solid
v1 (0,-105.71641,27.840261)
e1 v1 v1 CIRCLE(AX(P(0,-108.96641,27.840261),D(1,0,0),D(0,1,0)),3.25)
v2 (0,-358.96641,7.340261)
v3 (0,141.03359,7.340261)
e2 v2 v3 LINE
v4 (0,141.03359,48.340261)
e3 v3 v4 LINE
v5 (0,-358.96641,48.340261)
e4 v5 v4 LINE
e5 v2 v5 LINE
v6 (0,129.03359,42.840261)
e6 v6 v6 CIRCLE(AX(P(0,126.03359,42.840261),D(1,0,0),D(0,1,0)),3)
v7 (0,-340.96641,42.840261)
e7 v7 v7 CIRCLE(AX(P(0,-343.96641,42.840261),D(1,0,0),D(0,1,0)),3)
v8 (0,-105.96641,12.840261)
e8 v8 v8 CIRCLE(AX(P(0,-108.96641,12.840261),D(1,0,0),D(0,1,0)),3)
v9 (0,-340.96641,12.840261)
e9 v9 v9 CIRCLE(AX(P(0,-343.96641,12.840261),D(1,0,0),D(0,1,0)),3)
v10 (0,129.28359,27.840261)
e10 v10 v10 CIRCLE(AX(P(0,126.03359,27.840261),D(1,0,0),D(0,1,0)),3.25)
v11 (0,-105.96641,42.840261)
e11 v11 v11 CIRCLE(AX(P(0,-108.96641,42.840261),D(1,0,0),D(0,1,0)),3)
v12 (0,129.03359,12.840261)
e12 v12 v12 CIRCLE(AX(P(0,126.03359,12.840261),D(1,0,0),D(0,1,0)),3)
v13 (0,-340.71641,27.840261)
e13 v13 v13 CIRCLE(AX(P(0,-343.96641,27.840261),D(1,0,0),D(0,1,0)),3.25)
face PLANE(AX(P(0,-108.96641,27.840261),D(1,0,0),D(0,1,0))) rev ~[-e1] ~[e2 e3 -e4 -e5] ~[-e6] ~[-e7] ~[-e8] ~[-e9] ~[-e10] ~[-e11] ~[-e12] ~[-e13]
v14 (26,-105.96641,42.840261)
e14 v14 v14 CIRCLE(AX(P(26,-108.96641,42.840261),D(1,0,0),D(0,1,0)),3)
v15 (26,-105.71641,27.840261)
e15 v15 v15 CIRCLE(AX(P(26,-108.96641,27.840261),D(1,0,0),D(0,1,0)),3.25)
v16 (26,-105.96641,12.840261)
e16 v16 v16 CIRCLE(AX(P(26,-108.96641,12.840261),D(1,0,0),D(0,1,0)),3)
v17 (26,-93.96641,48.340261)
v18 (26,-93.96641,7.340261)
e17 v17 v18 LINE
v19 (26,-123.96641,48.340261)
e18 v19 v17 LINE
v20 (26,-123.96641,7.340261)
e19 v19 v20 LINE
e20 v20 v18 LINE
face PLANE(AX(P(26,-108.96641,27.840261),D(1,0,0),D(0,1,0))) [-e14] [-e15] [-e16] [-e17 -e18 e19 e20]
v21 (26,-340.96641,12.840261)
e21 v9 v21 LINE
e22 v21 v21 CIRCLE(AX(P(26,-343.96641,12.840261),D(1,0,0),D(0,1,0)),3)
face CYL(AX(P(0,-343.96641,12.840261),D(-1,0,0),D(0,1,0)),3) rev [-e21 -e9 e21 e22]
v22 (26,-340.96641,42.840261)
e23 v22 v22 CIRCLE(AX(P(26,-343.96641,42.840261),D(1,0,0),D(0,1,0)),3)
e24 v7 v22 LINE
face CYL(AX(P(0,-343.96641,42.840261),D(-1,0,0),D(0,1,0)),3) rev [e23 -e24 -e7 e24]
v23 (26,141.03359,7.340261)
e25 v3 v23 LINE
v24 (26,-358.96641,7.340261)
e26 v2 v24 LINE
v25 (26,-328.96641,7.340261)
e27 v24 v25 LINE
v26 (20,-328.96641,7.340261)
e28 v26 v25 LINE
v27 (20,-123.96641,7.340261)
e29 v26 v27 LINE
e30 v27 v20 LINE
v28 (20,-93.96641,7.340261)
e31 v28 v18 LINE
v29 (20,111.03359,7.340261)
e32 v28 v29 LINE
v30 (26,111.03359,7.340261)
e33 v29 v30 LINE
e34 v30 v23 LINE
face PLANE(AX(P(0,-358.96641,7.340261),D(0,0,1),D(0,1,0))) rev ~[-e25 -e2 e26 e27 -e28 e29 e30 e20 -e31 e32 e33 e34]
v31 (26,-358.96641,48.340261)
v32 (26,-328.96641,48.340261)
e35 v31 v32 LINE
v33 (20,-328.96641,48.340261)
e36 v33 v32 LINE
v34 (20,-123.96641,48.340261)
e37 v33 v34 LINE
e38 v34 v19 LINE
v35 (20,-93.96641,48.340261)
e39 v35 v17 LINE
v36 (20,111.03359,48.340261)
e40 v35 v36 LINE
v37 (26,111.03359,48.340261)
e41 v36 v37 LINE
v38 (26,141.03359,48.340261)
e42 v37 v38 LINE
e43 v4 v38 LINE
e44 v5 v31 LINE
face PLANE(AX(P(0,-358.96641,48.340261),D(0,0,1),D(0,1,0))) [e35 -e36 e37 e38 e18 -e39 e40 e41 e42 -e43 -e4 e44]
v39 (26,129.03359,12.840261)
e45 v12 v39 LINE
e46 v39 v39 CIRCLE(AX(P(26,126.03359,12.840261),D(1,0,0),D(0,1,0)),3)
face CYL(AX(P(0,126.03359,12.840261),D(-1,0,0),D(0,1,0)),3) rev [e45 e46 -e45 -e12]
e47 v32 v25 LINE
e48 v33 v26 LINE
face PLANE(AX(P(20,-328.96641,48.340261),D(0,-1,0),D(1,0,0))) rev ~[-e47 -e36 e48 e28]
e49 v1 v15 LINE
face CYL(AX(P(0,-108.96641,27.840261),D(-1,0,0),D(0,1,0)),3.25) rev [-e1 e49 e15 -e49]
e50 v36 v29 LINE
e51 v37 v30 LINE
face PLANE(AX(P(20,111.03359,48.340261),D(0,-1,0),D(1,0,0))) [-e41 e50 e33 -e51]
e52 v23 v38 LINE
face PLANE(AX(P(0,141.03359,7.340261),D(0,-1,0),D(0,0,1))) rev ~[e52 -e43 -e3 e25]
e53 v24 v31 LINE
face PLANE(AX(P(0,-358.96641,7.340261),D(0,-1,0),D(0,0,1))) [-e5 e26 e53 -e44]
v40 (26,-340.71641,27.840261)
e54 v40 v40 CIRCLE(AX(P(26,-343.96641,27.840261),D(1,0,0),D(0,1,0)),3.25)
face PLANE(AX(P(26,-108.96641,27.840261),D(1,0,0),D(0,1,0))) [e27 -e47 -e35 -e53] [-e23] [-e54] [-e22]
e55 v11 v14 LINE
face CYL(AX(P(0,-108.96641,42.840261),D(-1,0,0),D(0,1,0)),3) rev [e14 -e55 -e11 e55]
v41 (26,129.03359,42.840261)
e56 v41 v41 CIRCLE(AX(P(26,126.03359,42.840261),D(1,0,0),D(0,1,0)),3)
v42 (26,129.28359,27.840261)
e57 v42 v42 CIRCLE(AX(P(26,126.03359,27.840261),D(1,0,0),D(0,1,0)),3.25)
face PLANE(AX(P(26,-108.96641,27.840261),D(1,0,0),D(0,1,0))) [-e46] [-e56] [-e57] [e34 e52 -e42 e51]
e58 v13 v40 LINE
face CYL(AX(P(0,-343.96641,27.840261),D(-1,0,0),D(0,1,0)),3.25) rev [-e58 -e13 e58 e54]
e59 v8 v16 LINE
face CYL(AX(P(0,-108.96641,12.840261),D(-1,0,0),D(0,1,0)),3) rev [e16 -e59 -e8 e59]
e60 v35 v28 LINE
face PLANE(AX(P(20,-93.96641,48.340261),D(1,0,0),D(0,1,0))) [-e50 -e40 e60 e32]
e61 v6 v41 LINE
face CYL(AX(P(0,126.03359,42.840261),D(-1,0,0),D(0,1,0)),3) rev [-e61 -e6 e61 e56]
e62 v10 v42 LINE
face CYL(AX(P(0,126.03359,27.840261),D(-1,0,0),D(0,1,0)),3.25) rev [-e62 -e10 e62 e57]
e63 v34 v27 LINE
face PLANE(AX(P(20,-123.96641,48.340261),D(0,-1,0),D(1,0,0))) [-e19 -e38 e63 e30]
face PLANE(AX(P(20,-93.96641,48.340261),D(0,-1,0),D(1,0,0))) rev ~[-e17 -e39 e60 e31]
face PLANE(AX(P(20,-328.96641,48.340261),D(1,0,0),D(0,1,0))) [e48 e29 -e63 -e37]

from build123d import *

# Parameters (mm, degrees)
F0_W     = 500
F0_H     = 41
F0_R     = 3
F0_R_2   = 3.25
F1_DEPTH = 26
F2_W     = 6
F2_H     = 205
F3_DEPTH = 41


with BuildPart() as f1:
    # F0 (on Right) → F1 (new body)
    with BuildSketch(Plane.YZ):
        with Locations((-108.96641, 27.840261)):
            Rectangle(F0_W, F0_H)
        with Locations((-343.96641, 12.840261)):
            Circle(F0_R, mode=Mode.SUBTRACT)
        with Locations((-343.96641, 27.840261)):
            Circle(F0_R_2, mode=Mode.SUBTRACT)
        with Locations((-108.96641, 12.840261)):
            Circle(F0_R, mode=Mode.SUBTRACT)
        with Locations((126.03359, 12.840261)):
            Circle(F0_R, mode=Mode.SUBTRACT)
        with Locations((-343.96641, 42.840261)):
            Circle(F0_R, mode=Mode.SUBTRACT)
        with Locations((-108.96641, 27.840261)):
            Circle(F0_R_2, mode=Mode.SUBTRACT)
        with Locations((126.03359, 27.840261)):
            Circle(F0_R_2, mode=Mode.SUBTRACT)
        with Locations((-108.96641, 42.840261)):
            Circle(F0_R, mode=Mode.SUBTRACT)
        with Locations((126.03359, 42.840261)):
            Circle(F0_R, mode=Mode.SUBTRACT)
    extrude(amount=F1_DEPTH)

    # F2 (on face) → F3 (cut, through all)
    with BuildSketch(Plane.XY.offset(48.340261)):
        with Locations((23, -226.46641)):
            Rectangle(F2_W, F2_H)
        with Locations((23, 8.53359)):
            Rectangle(F2_W, F2_H)
    extrude(amount=-F3_DEPTH, mode=Mode.SUBTRACT)


solid = f1.part
